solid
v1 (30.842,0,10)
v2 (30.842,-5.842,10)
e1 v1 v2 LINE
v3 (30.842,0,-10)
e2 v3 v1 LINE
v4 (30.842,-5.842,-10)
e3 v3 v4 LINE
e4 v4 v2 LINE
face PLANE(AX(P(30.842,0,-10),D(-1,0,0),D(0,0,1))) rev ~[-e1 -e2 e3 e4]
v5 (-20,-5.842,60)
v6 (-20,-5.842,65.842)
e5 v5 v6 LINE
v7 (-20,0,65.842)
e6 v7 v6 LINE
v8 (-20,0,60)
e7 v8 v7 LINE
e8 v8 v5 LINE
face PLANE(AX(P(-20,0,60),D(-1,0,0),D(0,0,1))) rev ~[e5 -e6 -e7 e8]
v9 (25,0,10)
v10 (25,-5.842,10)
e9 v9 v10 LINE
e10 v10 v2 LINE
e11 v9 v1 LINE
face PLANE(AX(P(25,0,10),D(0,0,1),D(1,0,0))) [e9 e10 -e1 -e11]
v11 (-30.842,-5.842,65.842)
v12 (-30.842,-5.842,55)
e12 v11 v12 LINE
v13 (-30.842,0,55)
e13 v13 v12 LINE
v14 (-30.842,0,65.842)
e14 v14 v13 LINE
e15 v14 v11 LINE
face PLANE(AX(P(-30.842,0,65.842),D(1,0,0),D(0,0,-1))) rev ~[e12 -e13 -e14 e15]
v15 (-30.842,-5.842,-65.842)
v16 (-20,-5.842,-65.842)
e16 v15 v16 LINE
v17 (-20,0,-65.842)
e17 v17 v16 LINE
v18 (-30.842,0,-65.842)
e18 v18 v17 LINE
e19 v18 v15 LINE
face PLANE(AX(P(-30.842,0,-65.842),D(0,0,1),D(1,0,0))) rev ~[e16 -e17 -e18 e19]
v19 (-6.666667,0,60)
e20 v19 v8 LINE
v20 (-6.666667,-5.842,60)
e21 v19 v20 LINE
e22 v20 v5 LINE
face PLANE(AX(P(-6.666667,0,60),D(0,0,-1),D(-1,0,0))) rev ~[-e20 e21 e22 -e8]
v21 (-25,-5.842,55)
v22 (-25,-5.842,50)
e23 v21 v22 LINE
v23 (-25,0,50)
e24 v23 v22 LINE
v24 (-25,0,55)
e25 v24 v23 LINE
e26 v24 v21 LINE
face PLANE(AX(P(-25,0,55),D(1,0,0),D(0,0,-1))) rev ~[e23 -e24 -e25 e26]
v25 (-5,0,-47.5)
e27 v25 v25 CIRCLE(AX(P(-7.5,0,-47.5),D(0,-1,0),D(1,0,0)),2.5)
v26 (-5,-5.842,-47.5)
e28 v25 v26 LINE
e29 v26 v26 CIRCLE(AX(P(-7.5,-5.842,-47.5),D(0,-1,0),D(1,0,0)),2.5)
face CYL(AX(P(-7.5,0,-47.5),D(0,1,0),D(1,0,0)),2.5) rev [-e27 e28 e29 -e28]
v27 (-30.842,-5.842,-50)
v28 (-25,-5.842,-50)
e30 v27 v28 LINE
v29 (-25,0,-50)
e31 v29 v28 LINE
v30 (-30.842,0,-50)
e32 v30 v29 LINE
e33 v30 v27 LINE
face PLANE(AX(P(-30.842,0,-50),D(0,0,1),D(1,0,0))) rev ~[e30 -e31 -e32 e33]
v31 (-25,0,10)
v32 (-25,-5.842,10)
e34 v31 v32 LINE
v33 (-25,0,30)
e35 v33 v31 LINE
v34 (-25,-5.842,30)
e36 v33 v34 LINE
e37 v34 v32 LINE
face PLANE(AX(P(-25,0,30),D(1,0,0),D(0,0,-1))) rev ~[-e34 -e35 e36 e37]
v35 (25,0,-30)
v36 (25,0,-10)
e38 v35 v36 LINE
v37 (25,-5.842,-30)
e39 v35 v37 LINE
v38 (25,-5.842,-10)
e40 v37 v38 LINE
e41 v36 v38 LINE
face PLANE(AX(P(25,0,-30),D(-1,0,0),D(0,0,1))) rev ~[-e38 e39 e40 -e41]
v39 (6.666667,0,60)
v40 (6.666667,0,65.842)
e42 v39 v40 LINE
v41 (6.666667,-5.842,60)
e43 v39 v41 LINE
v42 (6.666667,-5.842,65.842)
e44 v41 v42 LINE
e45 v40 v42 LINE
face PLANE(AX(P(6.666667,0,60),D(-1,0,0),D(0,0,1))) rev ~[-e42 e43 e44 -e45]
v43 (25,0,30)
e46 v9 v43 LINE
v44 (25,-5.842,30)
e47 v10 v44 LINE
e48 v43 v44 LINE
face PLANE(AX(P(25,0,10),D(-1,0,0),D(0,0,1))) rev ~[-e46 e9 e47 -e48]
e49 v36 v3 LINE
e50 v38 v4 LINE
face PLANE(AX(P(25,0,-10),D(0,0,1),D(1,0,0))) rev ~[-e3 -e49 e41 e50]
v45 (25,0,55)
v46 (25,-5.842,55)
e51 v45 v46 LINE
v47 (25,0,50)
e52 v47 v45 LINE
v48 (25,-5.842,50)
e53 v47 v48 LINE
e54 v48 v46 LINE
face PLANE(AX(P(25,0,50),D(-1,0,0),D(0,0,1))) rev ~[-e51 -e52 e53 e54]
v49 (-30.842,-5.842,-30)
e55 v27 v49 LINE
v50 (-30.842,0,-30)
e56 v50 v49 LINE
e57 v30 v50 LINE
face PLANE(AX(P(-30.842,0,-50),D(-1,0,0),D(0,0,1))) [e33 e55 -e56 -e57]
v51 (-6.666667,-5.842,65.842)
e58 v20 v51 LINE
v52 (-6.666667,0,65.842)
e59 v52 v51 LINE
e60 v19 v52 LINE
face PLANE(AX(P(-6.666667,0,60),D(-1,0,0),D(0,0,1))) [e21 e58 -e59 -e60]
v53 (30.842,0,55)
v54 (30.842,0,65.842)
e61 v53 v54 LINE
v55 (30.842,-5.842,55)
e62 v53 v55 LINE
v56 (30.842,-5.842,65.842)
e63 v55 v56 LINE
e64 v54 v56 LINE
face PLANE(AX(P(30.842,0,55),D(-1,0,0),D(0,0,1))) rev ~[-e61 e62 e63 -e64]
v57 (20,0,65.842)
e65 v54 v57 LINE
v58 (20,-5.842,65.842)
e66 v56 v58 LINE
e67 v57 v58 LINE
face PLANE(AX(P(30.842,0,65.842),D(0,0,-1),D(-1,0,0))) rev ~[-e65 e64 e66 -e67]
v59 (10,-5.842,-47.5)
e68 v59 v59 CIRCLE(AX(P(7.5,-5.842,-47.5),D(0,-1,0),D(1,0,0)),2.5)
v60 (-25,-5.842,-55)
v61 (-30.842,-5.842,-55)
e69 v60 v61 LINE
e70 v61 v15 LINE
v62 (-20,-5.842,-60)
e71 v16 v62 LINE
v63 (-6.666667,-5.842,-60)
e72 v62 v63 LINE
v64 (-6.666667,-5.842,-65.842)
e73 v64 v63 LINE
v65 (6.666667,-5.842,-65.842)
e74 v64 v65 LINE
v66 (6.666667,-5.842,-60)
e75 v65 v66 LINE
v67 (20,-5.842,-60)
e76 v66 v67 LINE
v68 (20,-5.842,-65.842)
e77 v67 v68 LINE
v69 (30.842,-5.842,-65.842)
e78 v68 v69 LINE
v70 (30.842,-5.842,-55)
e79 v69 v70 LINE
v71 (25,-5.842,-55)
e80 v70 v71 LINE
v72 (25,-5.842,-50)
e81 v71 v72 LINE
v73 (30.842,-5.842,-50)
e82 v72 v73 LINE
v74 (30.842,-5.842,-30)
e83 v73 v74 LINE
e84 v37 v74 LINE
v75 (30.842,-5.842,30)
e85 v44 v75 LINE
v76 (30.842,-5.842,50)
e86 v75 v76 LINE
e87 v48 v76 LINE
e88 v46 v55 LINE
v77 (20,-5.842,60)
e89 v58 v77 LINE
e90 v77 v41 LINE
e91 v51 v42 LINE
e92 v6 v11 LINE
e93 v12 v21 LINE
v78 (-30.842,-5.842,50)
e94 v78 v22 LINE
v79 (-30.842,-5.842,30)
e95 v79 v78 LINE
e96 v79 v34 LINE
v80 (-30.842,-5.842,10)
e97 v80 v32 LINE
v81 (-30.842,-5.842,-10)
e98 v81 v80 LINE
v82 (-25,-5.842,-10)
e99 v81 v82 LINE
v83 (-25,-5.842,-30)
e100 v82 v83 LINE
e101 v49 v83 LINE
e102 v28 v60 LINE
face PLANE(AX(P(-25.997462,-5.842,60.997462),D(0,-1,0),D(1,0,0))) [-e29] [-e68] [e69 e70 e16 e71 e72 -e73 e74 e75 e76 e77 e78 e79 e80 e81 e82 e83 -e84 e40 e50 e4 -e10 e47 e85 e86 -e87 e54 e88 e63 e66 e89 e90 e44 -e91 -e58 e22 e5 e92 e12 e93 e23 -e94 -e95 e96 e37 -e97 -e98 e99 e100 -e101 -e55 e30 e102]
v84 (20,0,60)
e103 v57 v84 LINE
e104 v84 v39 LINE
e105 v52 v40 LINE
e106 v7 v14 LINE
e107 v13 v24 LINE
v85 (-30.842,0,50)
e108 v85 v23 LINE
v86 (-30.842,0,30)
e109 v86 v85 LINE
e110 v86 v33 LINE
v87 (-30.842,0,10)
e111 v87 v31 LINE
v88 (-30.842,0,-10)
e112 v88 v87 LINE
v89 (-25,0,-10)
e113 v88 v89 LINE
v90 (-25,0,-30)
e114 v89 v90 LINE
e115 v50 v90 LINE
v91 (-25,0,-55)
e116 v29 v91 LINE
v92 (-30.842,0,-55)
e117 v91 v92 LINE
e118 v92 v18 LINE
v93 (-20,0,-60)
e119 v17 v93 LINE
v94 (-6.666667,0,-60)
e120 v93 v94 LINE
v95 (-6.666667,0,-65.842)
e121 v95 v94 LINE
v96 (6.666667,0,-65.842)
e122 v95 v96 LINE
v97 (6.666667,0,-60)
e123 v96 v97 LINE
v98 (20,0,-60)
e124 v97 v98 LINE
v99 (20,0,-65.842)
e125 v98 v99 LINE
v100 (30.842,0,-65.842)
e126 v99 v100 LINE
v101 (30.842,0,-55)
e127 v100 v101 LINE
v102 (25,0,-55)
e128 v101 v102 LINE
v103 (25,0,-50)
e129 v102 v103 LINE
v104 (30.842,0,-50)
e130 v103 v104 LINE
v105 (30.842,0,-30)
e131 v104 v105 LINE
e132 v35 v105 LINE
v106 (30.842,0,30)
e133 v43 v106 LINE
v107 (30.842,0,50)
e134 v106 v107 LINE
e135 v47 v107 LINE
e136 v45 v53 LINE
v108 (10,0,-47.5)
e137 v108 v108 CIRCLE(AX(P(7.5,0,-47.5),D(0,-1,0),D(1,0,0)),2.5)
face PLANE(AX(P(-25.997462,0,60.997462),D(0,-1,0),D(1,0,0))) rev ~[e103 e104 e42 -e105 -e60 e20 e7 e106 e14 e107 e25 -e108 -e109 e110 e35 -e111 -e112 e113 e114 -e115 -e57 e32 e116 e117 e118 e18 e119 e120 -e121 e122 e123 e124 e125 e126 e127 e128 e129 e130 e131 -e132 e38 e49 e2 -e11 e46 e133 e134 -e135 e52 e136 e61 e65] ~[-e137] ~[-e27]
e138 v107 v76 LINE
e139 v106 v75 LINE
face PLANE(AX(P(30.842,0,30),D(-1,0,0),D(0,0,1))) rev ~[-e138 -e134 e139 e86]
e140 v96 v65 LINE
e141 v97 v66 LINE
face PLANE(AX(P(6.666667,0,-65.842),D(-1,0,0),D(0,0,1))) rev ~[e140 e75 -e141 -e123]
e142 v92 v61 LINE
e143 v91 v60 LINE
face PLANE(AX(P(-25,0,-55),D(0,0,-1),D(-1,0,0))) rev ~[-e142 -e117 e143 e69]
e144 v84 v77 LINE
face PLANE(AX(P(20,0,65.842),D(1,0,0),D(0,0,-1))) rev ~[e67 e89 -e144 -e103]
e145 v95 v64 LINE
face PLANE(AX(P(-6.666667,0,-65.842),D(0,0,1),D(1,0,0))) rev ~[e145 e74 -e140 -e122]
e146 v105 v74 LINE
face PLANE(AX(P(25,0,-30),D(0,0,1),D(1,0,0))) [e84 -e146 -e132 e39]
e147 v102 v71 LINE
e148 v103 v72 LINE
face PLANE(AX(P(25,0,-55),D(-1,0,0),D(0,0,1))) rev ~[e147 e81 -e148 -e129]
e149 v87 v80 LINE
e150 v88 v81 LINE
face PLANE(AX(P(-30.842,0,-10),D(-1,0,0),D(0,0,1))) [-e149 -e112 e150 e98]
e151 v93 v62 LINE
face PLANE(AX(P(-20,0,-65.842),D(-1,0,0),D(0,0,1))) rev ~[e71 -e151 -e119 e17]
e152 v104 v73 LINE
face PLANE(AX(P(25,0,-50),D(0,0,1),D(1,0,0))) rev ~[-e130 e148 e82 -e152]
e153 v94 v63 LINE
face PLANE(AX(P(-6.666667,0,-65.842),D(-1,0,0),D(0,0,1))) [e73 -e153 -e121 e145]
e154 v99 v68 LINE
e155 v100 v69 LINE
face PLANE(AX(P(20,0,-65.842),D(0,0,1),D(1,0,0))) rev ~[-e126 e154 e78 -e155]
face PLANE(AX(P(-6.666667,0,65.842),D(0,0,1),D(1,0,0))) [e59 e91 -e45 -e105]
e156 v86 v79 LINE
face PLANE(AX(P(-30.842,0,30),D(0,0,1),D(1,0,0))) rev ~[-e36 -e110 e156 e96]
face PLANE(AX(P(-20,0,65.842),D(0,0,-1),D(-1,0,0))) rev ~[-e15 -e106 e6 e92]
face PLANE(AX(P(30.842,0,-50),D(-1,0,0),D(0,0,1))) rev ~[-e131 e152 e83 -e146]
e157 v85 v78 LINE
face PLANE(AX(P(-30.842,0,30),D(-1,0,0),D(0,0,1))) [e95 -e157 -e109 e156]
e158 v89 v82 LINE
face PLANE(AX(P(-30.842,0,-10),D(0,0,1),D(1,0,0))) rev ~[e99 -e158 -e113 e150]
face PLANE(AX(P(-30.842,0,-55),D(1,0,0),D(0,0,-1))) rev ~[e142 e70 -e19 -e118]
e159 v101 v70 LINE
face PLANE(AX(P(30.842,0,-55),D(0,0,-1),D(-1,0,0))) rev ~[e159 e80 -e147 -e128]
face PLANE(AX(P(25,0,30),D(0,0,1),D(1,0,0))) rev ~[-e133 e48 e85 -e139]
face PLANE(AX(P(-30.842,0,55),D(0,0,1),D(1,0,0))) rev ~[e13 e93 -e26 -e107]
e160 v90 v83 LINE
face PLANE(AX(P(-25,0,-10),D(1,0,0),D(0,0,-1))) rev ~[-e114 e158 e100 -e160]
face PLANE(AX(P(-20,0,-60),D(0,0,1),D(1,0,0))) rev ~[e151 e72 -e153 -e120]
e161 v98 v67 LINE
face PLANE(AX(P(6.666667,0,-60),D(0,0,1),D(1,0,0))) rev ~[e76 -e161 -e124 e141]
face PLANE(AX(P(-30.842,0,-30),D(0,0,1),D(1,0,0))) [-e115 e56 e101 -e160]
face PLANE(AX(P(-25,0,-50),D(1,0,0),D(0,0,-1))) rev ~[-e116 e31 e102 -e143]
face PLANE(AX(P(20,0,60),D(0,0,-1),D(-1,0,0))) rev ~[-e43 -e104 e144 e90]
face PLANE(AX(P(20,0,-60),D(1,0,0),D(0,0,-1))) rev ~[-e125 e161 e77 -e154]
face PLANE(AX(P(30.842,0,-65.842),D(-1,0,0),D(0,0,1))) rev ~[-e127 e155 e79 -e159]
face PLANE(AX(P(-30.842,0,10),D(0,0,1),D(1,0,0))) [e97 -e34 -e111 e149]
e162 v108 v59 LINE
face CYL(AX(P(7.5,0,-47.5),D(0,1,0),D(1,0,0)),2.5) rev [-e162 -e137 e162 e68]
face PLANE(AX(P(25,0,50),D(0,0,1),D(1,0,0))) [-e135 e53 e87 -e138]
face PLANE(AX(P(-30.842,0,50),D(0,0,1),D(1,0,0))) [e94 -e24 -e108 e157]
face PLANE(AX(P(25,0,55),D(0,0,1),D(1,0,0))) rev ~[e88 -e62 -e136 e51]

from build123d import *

# Parameters (mm, degrees)
F0_R     = 2.5
F0_W     = 13.333334
F0_H     = 5.842
F0_W_2   = 5.842
F0_H_2   = 20
F1_DEPTH = 5.842


with BuildPart() as f1:
    # F0 (on Front) → F1 (new body)
    with BuildSketch(Plane.XZ):
        Polygon((-25, 55), (-25, 60), (-20, 60), (-20, 65.842), (-30.842, 65.842), (-30.842, 55), align=None)
        Polygon((-20, 60), (-25, 60), (-25, 55), (-25, 50), (-25, 30), (-25, 10), (-25, -10), (-25, -30), (-25, -50), (-25, -55), (-25, -60), (-20, -60), (-6.666667, -60), (6.666667, -60), (20, -60), (25, -60), (25, -55), (25, -50), (25, -30), (25, -10), (25, 10), (25, 30), (25, 50), (25, 55), (25, 60), (20, 60), (6.666667, 60), (-6.666667, 60), align=None)
        with Locations((-7.5, -47.5)):
            Circle(F0_R, mode=Mode.SUBTRACT)
        with Locations((7.5, -47.5)):
            Circle(F0_R, mode=Mode.SUBTRACT)
        with Locations((0, 62.921)):
            Rectangle(F0_W, F0_H)
        with Locations((-27.921, 40)):
            Rectangle(F0_W_2, F0_H_2)
        Polygon((20, 65.842), (20, 60), (25, 60), (25, 55), (30.842, 55), (30.842, 65.842), align=None)
        with Locations((-27.921, 0)):
            Rectangle(F0_W_2, F0_H_2)
        with Locations((-27.921, -40)):
            Rectangle(F0_W_2, F0_H_2)
        with Locations((27.921, 40)):
            Rectangle(F0_W_2, F0_H_2)
        Polygon((-25, -60), (-25, -55), (-30.842, -55), (-30.842, -65.842), (-20, -65.842), (-20, -60), align=None)
        with Locations((27.921, 0)):
            Rectangle(F0_W_2, F0_H_2)
        with Locations((27.921, -40)):
            Rectangle(F0_W_2, F0_H_2)
        with Locations((0, -62.921)):
            Rectangle(F0_W, F0_H)
        Polygon((30.842, -55), (25, -55), (25, -60), (20, -60), (20, -65.842), (30.842, -65.842), align=None)
    extrude(amount=F1_DEPTH)


solid = f1.part
